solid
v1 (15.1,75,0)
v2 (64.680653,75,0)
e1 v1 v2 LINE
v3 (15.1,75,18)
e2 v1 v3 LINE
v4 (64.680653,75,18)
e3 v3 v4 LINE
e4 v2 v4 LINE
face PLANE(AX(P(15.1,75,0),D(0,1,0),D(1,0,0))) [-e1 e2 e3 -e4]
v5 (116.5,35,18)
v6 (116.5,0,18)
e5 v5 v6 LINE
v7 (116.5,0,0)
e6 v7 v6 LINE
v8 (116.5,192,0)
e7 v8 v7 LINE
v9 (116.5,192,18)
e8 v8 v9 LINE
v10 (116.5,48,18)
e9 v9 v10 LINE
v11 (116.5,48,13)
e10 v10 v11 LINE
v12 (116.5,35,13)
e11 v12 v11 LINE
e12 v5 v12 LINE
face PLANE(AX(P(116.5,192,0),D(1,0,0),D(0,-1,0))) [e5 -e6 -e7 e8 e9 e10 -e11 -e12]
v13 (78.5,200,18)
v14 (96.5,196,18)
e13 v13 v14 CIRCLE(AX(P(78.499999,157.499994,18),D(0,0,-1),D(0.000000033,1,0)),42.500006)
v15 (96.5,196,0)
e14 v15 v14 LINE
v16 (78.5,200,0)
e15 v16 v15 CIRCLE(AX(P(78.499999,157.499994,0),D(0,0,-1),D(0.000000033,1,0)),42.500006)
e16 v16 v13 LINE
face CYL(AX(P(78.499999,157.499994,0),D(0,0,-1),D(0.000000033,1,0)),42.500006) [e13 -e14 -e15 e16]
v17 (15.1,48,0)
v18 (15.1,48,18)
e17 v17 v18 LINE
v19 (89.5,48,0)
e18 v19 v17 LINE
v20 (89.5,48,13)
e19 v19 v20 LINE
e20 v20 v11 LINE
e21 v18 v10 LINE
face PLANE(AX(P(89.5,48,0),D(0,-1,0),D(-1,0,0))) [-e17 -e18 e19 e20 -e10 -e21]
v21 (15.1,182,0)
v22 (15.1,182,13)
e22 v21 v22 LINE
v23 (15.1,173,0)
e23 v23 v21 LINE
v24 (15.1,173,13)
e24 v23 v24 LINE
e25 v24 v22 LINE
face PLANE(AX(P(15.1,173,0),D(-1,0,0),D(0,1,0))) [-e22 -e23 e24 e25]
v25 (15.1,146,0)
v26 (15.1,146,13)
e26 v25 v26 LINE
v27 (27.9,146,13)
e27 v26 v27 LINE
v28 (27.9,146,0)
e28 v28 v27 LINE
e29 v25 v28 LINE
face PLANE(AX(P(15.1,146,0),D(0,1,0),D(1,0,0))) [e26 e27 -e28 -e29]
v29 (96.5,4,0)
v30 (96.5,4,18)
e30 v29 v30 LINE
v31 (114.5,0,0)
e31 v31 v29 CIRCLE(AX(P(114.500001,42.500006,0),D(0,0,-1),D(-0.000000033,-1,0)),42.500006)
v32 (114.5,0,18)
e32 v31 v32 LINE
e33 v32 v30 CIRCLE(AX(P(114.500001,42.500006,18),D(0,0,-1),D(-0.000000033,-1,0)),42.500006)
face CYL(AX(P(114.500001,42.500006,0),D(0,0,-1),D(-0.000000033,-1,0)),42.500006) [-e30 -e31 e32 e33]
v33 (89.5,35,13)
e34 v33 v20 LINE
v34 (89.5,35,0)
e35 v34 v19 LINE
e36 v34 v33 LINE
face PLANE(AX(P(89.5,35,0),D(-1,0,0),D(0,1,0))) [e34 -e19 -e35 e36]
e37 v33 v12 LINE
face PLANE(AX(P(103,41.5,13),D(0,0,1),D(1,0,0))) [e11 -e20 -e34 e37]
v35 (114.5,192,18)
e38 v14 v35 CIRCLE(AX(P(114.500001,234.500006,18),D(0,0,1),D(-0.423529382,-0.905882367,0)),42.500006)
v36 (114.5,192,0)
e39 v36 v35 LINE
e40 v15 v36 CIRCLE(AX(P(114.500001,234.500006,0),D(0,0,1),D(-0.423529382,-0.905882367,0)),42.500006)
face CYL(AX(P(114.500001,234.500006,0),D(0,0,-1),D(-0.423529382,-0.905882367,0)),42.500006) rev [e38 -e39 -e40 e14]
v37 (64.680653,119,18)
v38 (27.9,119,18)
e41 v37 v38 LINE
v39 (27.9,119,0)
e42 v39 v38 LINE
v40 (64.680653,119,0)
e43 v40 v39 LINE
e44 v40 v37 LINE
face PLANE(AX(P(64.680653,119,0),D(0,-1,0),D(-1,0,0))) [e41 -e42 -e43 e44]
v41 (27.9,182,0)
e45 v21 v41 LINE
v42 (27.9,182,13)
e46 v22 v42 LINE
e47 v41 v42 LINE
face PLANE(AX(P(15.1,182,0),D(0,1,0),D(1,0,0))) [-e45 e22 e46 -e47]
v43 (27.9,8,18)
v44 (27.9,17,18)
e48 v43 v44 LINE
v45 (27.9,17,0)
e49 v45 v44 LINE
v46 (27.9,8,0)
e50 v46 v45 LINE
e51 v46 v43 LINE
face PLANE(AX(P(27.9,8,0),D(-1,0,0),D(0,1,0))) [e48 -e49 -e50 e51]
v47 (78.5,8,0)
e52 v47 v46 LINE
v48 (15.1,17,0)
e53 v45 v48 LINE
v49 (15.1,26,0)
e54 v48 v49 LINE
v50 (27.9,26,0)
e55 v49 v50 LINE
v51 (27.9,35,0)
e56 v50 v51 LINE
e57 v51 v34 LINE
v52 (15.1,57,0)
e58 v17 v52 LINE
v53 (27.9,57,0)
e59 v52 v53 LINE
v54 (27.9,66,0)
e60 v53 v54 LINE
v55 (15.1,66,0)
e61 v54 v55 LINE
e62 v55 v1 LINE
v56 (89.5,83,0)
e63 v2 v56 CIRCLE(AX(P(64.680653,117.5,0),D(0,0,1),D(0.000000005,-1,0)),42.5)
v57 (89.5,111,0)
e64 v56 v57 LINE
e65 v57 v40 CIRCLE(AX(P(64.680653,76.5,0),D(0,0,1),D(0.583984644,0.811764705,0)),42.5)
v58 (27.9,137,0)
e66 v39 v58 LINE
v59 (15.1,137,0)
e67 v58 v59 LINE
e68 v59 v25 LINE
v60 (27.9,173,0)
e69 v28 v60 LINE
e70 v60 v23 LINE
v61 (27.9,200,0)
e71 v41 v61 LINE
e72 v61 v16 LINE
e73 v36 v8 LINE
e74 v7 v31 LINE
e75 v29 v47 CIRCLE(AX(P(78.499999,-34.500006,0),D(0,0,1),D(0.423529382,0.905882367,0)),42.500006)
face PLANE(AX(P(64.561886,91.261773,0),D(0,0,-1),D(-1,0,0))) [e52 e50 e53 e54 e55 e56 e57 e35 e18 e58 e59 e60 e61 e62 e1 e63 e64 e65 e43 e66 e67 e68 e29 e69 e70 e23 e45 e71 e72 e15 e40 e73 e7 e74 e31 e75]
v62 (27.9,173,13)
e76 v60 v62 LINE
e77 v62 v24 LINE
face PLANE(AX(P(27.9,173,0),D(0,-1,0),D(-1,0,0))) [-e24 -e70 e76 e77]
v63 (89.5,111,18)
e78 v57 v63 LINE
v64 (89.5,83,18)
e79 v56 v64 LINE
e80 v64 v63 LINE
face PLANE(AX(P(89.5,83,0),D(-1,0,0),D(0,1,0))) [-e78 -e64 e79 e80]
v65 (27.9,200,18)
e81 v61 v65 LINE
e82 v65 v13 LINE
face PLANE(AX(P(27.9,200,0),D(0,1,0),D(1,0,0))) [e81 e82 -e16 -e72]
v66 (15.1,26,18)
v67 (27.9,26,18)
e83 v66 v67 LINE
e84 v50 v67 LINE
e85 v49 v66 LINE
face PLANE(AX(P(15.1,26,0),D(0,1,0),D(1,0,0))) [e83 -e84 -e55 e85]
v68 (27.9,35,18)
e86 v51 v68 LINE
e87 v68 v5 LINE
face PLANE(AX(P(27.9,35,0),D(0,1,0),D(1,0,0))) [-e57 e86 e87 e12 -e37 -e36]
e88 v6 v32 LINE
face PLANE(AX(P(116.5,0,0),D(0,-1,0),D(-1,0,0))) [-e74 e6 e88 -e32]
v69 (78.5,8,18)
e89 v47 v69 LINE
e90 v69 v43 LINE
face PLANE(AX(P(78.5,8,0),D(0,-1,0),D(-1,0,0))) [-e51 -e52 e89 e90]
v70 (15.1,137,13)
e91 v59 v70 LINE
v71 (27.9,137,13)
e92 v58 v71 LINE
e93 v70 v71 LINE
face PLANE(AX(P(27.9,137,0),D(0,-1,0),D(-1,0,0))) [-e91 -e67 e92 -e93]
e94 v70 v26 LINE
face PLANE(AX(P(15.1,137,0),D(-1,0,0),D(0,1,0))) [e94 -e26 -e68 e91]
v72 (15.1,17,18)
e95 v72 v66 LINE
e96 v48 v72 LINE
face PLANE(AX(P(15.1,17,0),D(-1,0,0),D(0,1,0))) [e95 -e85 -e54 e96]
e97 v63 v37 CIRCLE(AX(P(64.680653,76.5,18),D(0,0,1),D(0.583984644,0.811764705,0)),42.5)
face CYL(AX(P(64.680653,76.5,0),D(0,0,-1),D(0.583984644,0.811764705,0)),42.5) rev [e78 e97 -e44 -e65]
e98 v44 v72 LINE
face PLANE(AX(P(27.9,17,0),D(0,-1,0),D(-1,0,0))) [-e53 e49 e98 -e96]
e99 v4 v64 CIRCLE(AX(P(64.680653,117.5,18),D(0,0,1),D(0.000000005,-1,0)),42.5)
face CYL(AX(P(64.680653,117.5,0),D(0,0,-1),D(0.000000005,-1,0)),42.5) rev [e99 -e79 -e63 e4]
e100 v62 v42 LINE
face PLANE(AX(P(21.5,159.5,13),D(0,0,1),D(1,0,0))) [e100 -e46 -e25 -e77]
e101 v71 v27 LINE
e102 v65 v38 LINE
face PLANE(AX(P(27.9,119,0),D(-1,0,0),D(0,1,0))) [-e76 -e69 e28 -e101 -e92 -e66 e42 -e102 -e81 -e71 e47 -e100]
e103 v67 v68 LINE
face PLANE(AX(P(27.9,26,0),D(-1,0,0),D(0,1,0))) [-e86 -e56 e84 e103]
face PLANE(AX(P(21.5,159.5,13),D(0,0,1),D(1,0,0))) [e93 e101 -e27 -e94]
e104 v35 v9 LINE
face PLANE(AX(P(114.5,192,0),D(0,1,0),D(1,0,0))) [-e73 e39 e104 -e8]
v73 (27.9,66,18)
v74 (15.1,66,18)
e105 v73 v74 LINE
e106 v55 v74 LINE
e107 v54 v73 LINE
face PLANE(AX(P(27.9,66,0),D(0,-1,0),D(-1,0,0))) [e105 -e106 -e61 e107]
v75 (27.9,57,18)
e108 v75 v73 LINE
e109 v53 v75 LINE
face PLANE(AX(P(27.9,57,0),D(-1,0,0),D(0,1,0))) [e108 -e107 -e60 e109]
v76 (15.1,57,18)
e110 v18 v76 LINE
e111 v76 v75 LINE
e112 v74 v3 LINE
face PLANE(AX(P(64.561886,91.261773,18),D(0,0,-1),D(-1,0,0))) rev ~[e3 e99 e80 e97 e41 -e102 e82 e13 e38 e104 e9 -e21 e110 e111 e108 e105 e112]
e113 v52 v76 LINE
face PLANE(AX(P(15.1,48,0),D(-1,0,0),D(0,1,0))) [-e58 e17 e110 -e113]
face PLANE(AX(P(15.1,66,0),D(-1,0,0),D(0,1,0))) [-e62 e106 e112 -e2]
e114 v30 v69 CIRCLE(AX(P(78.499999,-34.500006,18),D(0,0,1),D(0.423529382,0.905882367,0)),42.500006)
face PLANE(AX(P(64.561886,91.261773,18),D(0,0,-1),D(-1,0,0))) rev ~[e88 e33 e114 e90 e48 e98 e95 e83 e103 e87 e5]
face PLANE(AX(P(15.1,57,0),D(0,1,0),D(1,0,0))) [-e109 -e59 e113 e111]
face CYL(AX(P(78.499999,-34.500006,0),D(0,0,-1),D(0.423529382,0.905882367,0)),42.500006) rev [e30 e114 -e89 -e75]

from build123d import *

# Parameters (mm, degrees)
PAD_DEPTH                = 18
SKETCH007_W              = 12.8
SKETCH007_H              = 45
POCKET002_DEPTH          = 5
SKETCH010_W              = 27
SKETCH010_H              = 13
POCKET005_DEPTH          = 5
CLONE004_PITCH_ANGLE     = -90
CLONE004_PLACEMENT_ANGLE = -90


with BuildPart() as part:
    # Clone2D → Pad (new body)
    with BuildSketch(Plane.YZ):
        with BuildLine():
            ThreePointArc((75, 196), (83.780456, 193.01205), (93, 192))
            Line((93, 192), (95, 192))
            Line((95, 192), (95, 0))
            Line((95, 0), (93, 0))
            ThreePointArc((93, 0), (83.780456, 1.01205), (75, 4))
            ThreePointArc((75, 4), (66.219544, 6.98795), (57, 8))
            Line((57, 8), (6.4, 8))
            Line((6.4, 8), (6.4, 17))
            Line((6.4, 17), (-6.4, 17))
            Line((-6.4, 17), (-6.4, 26))
            Line((-6.4, 26), (6.4, 26))
            Line((6.4, 26), (6.4, 35))
            Line((6.4, 35), (68, 35))
            Line((68, 35), (68, 48))
            Line((68, 48), (-6.4, 48))
            Line((-6.4, 48), (-6.4, 57))
            Line((-6.4, 57), (6.4, 57))
            Line((6.4, 57), (6.4, 66))
            Line((6.4, 66), (-6.4, 66))
            Line((-6.4, 66), (-6.4, 75))
            Line((-6.4, 75), (43.180653, 75))
            ThreePointArc((43.180653, 75), (56.219058, 77.049413), (68, 83))
            Line((68, 83), (68, 111))
            ThreePointArc((68, 111), (56.219058, 116.950587), (43.180653, 119))
            Line((43.180653, 119), (6.4, 119))
            Line((6.4, 119), (6.4, 137))
            Line((6.4, 137), (-6.4, 137))
            Line((-6.4, 137), (-6.4, 146))
            Line((-6.4, 146), (6.4, 146))
            Line((6.4, 146), (6.4, 173))
            Line((6.4, 173), (-6.4, 173))
            Line((-6.4, 173), (-6.4, 182))
            Line((-6.4, 182), (6.4, 182))
            Line((6.4, 182), (6.4, 200))
            Line((6.4, 200), (57, 200))
            ThreePointArc((57, 200), (66.219544, 198.98795), (75, 196))
        make_face()
    extrude(amount=PAD_DEPTH)

    # Sketch007 (on Face38 of Pad) → Pocket002 (cut)
    with BuildSketch(Plane.YZ.offset(18)):
        with Locations((0, 159.5)):
            Rectangle(SKETCH007_W, SKETCH007_H)
    extrude(amount=-POCKET002_DEPTH, mode=Mode.SUBTRACT)

    # Sketch010 (on Face5 of Pocket002) → Pocket005 (cut)
    with BuildSketch(Plane.YZ.offset(18)):
        with Locations((81.5, 41.5)):
            Rectangle(SKETCH010_W, SKETCH010_H)
    extrude(amount=-POCKET005_DEPTH, mode=Mode.SUBTRACT)


with BuildPart() as part_1:
    # Clone004 pitch: moved
    add(part.part.rotate(Axis((0, 0, 0), (0, 1, 0)), CLONE004_PITCH_ANGLE))


with BuildPart() as part_2:
    # Clone004 placement: moved
    add(part_1.part.moved(Location((21.5, 0, 0))).rotate(Axis((21.5, 0, 0), (0, 0, 1)), CLONE004_PLACEMENT_ANGLE))


solid = part_2.part
